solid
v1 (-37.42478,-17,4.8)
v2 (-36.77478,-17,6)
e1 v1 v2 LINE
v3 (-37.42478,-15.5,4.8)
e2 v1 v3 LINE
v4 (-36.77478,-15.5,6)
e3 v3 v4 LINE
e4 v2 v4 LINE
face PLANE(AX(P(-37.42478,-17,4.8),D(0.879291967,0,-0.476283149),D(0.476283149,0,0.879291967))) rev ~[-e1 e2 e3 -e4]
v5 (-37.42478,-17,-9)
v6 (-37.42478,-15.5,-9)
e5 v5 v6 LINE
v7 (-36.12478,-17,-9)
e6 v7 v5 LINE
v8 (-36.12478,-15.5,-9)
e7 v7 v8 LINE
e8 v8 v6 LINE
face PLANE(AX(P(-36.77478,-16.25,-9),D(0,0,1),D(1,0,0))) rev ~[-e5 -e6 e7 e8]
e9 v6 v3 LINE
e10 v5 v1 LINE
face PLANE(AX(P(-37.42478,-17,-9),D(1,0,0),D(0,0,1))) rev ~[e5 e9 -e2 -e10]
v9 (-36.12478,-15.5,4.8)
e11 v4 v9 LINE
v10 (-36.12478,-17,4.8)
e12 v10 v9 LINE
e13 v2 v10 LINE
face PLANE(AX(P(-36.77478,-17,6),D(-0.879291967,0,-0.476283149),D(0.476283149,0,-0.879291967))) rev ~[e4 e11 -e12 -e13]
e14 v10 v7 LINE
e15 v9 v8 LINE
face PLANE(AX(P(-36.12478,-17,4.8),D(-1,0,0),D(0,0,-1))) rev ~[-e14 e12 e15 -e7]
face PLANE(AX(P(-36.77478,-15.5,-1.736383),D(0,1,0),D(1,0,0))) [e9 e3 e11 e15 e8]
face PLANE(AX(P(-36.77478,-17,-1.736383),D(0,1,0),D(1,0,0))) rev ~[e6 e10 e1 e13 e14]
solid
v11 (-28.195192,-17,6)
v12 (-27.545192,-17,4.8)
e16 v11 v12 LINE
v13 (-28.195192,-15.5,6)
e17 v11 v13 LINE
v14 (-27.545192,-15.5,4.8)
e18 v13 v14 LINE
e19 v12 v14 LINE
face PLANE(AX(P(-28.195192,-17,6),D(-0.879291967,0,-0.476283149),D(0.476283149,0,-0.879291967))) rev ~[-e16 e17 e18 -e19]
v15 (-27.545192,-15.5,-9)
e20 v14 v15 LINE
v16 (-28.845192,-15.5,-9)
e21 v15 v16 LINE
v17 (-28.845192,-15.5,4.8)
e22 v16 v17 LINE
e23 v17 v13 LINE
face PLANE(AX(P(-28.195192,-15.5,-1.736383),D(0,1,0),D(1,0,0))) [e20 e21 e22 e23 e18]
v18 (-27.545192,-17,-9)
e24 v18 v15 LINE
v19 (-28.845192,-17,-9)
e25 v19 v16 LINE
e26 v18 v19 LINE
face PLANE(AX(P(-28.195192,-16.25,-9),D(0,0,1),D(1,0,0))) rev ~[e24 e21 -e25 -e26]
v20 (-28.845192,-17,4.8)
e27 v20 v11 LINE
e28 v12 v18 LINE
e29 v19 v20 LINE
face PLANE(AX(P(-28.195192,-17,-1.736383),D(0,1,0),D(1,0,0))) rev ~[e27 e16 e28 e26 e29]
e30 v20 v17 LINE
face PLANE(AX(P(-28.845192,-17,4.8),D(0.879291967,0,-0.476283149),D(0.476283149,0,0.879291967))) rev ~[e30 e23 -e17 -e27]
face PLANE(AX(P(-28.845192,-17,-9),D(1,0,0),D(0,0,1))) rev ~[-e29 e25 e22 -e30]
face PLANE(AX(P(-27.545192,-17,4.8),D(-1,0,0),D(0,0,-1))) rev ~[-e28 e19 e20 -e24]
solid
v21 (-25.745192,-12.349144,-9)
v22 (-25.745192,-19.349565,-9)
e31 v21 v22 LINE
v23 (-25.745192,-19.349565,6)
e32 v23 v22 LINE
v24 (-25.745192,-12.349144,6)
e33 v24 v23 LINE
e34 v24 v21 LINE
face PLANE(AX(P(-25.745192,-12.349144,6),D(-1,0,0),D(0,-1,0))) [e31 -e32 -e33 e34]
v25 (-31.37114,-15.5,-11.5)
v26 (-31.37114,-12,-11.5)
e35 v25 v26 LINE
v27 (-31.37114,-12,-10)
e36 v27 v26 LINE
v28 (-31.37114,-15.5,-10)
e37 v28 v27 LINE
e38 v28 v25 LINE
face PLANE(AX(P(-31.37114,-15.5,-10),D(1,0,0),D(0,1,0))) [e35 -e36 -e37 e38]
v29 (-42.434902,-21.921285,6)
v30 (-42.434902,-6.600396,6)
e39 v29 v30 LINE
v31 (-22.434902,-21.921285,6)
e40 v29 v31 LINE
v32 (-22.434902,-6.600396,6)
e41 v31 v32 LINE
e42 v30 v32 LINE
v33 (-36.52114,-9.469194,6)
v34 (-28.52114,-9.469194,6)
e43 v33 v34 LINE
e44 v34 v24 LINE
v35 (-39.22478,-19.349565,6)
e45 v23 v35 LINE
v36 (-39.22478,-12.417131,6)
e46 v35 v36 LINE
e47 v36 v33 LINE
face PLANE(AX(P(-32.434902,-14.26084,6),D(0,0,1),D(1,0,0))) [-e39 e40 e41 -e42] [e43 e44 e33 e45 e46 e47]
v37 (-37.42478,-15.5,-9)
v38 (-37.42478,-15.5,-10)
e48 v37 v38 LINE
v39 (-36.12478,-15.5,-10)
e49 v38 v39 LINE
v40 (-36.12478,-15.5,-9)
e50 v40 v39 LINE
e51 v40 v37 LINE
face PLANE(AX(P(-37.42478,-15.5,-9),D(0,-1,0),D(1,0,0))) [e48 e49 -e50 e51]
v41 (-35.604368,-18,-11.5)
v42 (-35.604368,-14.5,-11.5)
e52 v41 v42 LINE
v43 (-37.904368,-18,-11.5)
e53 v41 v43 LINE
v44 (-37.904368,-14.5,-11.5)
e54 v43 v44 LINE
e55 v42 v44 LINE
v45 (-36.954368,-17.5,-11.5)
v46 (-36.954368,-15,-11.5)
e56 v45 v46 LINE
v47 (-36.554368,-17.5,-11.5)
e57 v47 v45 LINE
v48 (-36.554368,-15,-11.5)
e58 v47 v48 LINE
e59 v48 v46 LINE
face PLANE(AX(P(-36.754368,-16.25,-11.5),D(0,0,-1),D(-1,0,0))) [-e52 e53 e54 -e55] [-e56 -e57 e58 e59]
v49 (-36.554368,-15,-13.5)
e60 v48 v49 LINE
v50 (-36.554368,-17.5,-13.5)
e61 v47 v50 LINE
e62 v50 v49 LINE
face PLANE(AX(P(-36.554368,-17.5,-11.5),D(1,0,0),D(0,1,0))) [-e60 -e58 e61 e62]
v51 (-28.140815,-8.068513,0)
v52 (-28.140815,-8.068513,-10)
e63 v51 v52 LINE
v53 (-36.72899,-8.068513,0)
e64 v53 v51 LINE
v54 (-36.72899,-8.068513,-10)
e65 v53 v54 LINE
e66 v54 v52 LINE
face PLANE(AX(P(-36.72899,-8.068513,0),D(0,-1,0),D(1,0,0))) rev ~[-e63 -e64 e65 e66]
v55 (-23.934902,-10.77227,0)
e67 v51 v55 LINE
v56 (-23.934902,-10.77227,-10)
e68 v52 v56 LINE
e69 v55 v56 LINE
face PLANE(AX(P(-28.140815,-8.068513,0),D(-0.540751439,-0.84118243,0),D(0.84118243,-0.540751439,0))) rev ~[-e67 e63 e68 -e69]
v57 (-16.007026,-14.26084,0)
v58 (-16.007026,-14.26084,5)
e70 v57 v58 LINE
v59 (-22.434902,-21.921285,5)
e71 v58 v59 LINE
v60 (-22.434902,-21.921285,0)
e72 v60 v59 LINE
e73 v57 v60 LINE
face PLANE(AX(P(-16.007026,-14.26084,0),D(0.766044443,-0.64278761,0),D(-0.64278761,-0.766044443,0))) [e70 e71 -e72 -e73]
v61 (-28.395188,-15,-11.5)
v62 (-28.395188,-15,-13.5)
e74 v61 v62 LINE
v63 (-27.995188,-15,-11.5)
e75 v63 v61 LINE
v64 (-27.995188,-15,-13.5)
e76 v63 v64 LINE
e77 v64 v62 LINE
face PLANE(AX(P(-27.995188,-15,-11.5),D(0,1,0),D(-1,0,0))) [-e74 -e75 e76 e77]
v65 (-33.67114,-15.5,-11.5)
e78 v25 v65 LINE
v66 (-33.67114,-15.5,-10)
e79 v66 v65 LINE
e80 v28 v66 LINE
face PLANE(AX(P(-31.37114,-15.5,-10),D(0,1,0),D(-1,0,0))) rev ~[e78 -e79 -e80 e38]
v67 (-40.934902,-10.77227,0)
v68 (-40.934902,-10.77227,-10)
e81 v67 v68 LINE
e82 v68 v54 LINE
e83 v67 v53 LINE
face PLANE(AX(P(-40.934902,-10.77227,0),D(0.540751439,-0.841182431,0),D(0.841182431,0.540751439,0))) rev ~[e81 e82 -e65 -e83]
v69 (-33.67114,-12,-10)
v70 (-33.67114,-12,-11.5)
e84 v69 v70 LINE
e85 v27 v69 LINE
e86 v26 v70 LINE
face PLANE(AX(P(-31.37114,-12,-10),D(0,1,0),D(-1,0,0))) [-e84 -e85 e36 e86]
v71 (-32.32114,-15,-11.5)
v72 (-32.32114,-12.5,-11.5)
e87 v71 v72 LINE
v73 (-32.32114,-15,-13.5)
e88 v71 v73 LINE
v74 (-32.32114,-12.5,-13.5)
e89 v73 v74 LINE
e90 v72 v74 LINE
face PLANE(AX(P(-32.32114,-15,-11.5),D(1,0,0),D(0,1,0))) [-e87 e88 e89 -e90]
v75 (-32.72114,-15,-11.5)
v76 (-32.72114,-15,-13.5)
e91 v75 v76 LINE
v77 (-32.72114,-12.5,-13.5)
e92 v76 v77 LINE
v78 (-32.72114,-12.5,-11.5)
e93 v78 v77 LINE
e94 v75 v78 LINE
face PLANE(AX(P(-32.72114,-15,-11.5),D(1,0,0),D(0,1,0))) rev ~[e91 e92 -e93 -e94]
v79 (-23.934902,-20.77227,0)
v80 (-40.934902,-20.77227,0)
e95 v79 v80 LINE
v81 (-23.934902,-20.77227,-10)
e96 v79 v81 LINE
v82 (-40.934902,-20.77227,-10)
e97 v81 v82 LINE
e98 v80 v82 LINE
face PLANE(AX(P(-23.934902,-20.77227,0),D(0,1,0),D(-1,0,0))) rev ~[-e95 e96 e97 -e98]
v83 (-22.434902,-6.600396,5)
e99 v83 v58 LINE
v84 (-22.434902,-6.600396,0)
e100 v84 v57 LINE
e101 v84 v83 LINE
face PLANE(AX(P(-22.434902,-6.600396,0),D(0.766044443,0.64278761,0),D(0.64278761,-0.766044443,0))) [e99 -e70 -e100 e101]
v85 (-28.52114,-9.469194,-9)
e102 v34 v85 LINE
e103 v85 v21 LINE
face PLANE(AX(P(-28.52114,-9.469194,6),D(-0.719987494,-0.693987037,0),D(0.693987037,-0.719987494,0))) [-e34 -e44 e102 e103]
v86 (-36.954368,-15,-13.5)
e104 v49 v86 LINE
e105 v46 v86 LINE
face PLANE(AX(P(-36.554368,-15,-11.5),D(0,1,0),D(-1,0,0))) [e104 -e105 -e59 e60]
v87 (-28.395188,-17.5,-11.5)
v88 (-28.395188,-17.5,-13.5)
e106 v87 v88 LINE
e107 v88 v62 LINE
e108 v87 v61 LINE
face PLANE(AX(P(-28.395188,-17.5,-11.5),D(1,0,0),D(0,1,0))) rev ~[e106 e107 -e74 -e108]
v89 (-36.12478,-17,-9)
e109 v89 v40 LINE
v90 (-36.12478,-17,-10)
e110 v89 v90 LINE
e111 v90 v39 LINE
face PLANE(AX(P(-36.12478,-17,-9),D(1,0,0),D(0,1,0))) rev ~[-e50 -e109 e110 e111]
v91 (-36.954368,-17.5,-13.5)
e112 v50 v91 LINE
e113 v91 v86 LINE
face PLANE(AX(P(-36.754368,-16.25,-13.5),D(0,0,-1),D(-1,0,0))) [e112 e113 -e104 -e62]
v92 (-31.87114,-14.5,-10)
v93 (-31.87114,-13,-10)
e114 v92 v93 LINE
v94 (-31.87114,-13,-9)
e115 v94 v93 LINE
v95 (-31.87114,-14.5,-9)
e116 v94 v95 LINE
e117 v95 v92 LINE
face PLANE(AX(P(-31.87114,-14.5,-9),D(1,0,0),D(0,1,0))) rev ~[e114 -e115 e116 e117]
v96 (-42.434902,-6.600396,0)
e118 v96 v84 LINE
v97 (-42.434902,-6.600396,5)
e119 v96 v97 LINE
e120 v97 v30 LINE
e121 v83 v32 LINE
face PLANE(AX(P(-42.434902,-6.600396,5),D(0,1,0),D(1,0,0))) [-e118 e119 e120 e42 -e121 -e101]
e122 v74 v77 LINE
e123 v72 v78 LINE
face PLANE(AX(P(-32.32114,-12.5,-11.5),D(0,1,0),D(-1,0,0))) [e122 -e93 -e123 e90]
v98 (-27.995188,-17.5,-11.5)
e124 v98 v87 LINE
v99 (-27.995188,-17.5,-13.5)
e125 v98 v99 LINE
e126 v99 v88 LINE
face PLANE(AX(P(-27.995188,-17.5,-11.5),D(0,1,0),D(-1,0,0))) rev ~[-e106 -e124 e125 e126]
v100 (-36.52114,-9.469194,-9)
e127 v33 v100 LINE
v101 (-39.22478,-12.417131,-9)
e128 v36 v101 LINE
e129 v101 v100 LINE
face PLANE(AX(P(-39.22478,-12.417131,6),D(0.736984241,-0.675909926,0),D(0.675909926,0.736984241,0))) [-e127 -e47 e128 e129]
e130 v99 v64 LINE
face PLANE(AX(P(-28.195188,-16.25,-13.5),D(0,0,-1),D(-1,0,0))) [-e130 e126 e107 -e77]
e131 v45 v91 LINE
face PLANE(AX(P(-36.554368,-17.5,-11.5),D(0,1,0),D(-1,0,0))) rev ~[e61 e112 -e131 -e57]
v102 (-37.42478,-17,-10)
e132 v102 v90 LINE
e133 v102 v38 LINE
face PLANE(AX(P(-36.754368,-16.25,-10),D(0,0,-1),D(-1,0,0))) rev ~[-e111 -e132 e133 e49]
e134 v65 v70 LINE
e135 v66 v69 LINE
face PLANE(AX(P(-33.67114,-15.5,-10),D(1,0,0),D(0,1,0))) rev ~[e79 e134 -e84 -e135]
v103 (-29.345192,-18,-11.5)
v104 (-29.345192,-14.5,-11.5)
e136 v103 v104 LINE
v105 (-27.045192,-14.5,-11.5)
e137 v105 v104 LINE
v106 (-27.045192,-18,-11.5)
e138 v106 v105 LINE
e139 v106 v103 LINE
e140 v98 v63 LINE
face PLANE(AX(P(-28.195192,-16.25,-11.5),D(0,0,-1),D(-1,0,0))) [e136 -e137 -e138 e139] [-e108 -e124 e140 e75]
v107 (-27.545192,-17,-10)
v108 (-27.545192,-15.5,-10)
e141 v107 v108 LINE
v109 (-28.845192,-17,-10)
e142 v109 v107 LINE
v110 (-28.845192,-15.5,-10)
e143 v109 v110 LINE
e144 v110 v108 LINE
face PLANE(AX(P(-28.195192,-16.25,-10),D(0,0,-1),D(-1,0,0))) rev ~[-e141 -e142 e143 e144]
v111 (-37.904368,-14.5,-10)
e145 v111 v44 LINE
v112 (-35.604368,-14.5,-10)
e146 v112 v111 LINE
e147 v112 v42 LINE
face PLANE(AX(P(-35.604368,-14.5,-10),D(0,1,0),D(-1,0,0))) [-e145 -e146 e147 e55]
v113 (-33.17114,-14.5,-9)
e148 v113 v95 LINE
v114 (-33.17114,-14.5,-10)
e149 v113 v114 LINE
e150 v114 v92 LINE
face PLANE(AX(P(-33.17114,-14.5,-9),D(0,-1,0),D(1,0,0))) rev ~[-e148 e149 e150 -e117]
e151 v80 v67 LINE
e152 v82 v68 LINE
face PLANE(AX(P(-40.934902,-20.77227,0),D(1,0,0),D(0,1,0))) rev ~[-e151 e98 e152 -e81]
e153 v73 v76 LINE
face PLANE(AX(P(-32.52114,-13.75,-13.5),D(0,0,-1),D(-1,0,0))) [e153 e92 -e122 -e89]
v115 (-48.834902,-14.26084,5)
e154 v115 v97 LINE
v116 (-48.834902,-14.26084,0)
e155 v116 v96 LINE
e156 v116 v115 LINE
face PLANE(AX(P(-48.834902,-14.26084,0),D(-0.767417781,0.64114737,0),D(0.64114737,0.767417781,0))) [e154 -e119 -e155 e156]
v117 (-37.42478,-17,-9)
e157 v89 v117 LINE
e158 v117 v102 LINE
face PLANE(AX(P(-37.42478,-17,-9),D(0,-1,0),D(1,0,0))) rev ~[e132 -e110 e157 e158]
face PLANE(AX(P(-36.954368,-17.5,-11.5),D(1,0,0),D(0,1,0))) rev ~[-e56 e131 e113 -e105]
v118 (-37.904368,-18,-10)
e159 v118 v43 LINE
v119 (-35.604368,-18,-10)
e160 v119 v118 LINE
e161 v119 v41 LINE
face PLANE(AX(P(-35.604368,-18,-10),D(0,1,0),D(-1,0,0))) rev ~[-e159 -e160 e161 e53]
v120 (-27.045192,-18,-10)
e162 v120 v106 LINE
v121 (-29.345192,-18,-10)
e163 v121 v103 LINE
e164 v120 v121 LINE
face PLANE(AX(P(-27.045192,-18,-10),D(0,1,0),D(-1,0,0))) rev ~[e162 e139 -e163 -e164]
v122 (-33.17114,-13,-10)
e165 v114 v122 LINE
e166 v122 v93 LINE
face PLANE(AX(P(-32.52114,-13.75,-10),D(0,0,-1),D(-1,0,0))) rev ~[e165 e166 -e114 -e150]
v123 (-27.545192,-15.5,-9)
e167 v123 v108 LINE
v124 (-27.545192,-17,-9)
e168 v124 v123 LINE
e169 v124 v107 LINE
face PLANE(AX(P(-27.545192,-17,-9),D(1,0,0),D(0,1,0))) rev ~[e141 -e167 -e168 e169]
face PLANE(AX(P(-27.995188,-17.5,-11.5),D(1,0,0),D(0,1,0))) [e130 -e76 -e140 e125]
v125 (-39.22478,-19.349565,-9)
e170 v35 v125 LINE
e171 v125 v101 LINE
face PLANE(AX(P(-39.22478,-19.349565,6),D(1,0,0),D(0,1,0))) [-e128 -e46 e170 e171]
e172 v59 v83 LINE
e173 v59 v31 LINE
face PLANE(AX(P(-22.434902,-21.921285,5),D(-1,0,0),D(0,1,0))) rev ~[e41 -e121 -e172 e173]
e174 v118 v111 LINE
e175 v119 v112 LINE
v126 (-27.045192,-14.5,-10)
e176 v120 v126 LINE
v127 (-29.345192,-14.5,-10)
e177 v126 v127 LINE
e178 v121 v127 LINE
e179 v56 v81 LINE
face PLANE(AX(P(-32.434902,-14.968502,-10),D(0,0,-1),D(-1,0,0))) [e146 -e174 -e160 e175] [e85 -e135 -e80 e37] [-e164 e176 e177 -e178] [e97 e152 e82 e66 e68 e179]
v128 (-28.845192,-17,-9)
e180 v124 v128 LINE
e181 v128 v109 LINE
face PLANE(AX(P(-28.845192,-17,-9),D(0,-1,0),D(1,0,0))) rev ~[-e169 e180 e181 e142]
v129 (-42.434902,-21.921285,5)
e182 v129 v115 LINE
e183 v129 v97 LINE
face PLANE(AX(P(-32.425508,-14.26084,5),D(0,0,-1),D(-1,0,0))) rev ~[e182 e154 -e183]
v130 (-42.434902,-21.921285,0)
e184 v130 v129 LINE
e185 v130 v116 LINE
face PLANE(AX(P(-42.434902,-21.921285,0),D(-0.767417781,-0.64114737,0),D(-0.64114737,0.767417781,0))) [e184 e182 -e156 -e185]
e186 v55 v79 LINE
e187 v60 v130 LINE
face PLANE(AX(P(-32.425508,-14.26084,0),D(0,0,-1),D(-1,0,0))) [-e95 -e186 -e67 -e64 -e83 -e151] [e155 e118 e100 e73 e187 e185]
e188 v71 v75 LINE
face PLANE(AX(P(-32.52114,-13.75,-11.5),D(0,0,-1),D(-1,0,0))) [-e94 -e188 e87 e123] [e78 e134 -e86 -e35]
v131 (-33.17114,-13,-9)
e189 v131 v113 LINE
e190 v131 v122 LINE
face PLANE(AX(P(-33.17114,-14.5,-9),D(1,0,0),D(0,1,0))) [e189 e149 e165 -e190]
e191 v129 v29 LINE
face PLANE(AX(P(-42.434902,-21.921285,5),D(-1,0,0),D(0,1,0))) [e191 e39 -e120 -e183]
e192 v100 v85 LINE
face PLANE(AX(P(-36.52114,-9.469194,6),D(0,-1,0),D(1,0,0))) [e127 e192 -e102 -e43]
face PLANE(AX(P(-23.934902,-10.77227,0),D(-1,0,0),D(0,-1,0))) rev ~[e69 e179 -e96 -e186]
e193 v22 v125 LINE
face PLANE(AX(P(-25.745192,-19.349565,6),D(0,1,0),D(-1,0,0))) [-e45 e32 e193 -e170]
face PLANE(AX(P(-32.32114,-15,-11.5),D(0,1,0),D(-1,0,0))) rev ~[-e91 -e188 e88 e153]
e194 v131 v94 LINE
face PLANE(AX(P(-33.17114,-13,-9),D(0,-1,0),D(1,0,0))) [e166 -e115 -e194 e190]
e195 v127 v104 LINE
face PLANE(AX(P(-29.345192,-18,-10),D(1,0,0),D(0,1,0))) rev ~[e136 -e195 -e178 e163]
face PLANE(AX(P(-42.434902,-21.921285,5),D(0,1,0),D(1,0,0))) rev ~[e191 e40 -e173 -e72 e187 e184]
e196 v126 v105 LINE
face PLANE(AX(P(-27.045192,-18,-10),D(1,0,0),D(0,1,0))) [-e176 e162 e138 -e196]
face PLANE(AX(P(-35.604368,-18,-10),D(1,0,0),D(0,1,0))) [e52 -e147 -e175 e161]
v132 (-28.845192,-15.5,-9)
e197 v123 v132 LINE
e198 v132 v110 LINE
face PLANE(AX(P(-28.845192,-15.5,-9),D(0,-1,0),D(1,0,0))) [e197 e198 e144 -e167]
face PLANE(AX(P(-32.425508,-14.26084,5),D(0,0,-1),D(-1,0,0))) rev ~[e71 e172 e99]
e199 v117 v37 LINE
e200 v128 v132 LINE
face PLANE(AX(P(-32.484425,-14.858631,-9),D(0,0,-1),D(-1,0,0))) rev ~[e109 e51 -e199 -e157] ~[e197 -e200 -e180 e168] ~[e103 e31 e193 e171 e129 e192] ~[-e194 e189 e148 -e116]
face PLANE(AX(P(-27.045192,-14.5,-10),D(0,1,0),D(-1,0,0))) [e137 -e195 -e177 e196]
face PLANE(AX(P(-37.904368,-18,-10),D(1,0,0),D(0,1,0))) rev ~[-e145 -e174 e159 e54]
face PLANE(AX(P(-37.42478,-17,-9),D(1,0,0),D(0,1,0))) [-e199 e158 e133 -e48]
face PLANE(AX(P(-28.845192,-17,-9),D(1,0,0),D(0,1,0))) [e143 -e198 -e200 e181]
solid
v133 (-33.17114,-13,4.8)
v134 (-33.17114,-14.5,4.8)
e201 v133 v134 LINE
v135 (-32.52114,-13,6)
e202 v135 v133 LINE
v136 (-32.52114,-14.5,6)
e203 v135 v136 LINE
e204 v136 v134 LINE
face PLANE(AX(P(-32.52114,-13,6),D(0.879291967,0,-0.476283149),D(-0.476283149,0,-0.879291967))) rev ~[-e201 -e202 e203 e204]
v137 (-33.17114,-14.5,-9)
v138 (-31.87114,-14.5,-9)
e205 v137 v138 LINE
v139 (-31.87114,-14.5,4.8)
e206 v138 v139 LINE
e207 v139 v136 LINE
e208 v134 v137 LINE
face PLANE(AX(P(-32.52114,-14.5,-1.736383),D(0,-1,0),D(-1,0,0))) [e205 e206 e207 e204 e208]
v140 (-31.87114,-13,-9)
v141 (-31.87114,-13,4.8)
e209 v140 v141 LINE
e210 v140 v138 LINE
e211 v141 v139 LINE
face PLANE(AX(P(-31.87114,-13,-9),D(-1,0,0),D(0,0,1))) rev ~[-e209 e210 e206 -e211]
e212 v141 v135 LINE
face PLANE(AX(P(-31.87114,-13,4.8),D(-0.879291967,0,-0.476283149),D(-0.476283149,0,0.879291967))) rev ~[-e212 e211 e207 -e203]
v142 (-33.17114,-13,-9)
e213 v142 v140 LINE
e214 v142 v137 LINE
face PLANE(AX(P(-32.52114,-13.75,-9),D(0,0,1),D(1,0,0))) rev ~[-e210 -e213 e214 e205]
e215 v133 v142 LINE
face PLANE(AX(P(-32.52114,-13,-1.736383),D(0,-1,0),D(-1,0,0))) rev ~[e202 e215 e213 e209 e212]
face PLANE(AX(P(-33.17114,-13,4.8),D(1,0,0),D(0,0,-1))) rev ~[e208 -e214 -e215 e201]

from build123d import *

# Parameters (mm, degrees)
BOSS_EXTRUDE1_DEPTH  = 5
SKETCH16_W           = 20
SKETCH16_H           = 15.320888863
BOSS_EXTRUDE8_DEPTH  = 1
BOSS_EXTRUDE9_DEPTH  = 10
CUT_EXTRUDE5_DEPTH   = 15
BOSS_EXTRUDE10_DEPTH = 1.5
BOSS_EXTRUDE11_DEPTH = 1.5
CUT_EXTRUDE6_REACH   = 57.591
SKETCH22_W           = 1.3
SKETCH22_H           = 1.5
SKETCH23_W           = 2.3
SKETCH23_H           = 3.5
BOSS_EXTRUDE12_DEPTH = 1.5
SKETCH24_W           = 2.3
SKETCH24_H           = 3.5
BOSS_EXTRUDE13_DEPTH = 1.5
SKETCH25_W           = 0.4
SKETCH25_H           = 2.5
BOSS_EXTRUDE14_DEPTH = 2
SKETCH26_W           = 0.4
SKETCH26_H           = 2.5
BOSS_EXTRUDE15_DEPTH = 2


with BuildPart() as part:
    # Sketch1 → Boss-Extrude1 (new body)
    with BuildSketch(Plane.XY):
        Polygon((-22.434902357, -6.600395702), (-16.00702626, -14.260840133), (-22.434902357, -21.921284565), (-42.434902357, -21.921284565), (-48.834902357, -14.260840133), (-42.434902357, -6.600395702), align=None)
    extrude(amount=BOSS_EXTRUDE1_DEPTH)

    # Sketch16 → Boss-Extrude8 (add)
    with BuildSketch(Plane.XY.offset(5)):
        with Locations((-32.434902357, -14.260840134)):
            Rectangle(SKETCH16_W, SKETCH16_H)
    extrude(amount=BOSS_EXTRUDE8_DEPTH)

    # Sketch17 → Boss-Extrude9 (add)
    with BuildSketch(Plane(origin=(0, 0, 0), x_dir=(-1, 0, 0), z_dir=(0, 0, -1))):
        Polygon((23.934902357, -10.772270445), (23.934902357, -20.772270445), (40.934902357, -20.772270445), (40.934902357, -10.772270445), (36.728990204, -8.068513251), (28.140814509, -8.068513251), align=None)
    extrude(amount=BOSS_EXTRUDE9_DEPTH)

    # Sketch18 → Cut-Extrude5 (cut)
    with BuildSketch(Plane.XY.offset(6)):
        Polygon((-36.52114033, -9.469193937), (-28.52114033, -9.469193937), (-25.745192181, -12.349143915), (-25.745192181, -19.349565181), (-39.224780036, -19.349565181), (-39.224780036, -12.417130901), align=None)
    extrude(amount=-CUT_EXTRUDE5_DEPTH, mode=Mode.SUBTRACT)

    # Sketch19 → Boss-Extrude10 (add)
    with BuildSketch(Plane(origin=(0, -17, 0), x_dir=(1, 0, 0), z_dir=(0, 1, 0))):
        Polygon((-27.545192181, 9), (-28.845192181, 9), (-28.845192181, -4.8), (-28.195192181, -6), (-27.545192181, -4.8), align=None)
        Polygon((-36.124780036, 9), (-37.424780036, 9), (-37.424780036, -4.8), (-36.774780036, -6), (-36.124780036, -4.8), align=None)
    extrude(amount=BOSS_EXTRUDE10_DEPTH)

    # Sketch20 → Boss-Extrude11 (add)
    with BuildSketch(Plane(origin=(0, -13, 0), x_dir=(-1, 0, 0), z_dir=(0, -1, 0))):
        Polygon((33.17114033, 9), (31.87114033, 9), (31.87114033, -4.8), (32.52114033, -6), (33.17114033, -4.8), align=None)
    extrude(amount=BOSS_EXTRUDE11_DEPTH)

    # Sketch22 → Cut-Extrude6 (cut, up to next)
    with BuildSketch(Plane.XY.offset(-9), mode=Mode.PRIVATE) as cut_extrude6_sk1:
        with Locations((-28.195192181, -16.25)):
            Rectangle(SKETCH22_W, SKETCH22_H)
    cut_extrude6_tool1 = extrude(cut_extrude6_sk1.sketch, amount=-CUT_EXTRUDE6_REACH, mode=Mode.PRIVATE) & part.part
    # Sketch22 → Cut-Extrude6 (cut, up to next)
    with BuildSketch(Plane.XY.offset(-9), mode=Mode.PRIVATE) as cut_extrude6_sk2:
        with Locations((-32.52114033, -13.75)):
            Rectangle(SKETCH22_W, SKETCH22_H)
    cut_extrude6_tool2 = extrude(cut_extrude6_sk2.sketch, amount=-CUT_EXTRUDE6_REACH, mode=Mode.PRIVATE) & part.part
    # Sketch22 → Cut-Extrude6 (cut, up to next)
    with BuildSketch(Plane.XY.offset(-9), mode=Mode.PRIVATE) as cut_extrude6_sk3:
        with Locations((-36.774780036, -16.25)):
            Rectangle(SKETCH22_W, SKETCH22_H)
    cut_extrude6_tool3 = extrude(cut_extrude6_sk3.sketch, amount=-CUT_EXTRUDE6_REACH, mode=Mode.PRIVATE) & part.part
    add(cut_extrude6_tool1.solids().sort_by_distance((-28.195192, -16.25, -9))[0], mode=Mode.SUBTRACT)
    add(cut_extrude6_tool2.solids().sort_by_distance((-32.52114, -13.75, -9))[0], mode=Mode.SUBTRACT)
    add(cut_extrude6_tool3.solids().sort_by_distance((-36.77478, -16.25, -9))[0], mode=Mode.SUBTRACT)


with BuildPart() as cut_extrude6_piece_1:
    # of the separate pieces the step leaves, piece 1, a body of its own (cut_extrude6_pieces)
    add(part.part.solids().sort_by_distance((-22.434902357, -6.600395702, 0))[0])

    # Sketch23 → Boss-Extrude12 (add)
    with BuildSketch(Plane(origin=(0, 0, -10), x_dir=(-1, 0, 0), z_dir=(0, 0, -1))):
        with Locations((36.75436789, -16.25)):
            Rectangle(SKETCH23_W, SKETCH23_H)
        with Locations((28.195192181, -16.25)):
            Rectangle(SKETCH23_W, SKETCH23_H)
    extrude(amount=BOSS_EXTRUDE12_DEPTH)

    # Sketch24 → Boss-Extrude13 (add)
    with BuildSketch(Plane(origin=(0, 0, -10), x_dir=(-1, 0, 0), z_dir=(0, 0, -1))):
        with Locations((32.52114033, -13.75)):
            Rectangle(SKETCH24_W, SKETCH24_H)
    extrude(amount=BOSS_EXTRUDE13_DEPTH)

    # Sketch25 → Boss-Extrude14 (add)
    with BuildSketch(Plane(origin=(0, 0, -11.5), x_dir=(-1, 0, 0), z_dir=(0, 0, -1))):
        with Locations((32.52114033, -13.75)):
            Rectangle(SKETCH25_W, SKETCH25_H)
    extrude(amount=BOSS_EXTRUDE14_DEPTH)

    # Sketch26 → Boss-Extrude15 (add)
    with BuildSketch(Plane(origin=(0, 0, -11.5), x_dir=(-1, 0, 0), z_dir=(0, 0, -1))):
        with Locations((36.75436789, -16.25)):
            Rectangle(SKETCH26_W, SKETCH26_H)
        with Locations((28.195188324, -16.25)):
            Rectangle(SKETCH26_W, SKETCH26_H)
    extrude(amount=BOSS_EXTRUDE15_DEPTH)


with BuildPart() as cut_extrude6_piece_2:
    # of the separate pieces the step leaves, piece 2, a body of its own (cut_extrude6_pieces)
    add(part.part.solids().sort_by_distance((-37.424780036, -17, 4.8))[0])


with BuildPart() as cut_extrude6_piece_3:
    # of the separate pieces the step leaves, piece 3, a body of its own (cut_extrude6_pieces)
    add(part.part.solids().sort_by_distance((-31.87114033, -13, 4.8))[0])


with BuildPart() as cut_extrude6_piece_4:
    # of the separate pieces the step leaves, piece 4, a body of its own (cut_extrude6_pieces)
    add(part.part.solids().sort_by_distance((-28.845192181, -17, 4.8))[0])


solid = Compound([cut_extrude6_piece_1.part, cut_extrude6_piece_2.part, cut_extrude6_piece_3.part, cut_extrude6_piece_4.part])
